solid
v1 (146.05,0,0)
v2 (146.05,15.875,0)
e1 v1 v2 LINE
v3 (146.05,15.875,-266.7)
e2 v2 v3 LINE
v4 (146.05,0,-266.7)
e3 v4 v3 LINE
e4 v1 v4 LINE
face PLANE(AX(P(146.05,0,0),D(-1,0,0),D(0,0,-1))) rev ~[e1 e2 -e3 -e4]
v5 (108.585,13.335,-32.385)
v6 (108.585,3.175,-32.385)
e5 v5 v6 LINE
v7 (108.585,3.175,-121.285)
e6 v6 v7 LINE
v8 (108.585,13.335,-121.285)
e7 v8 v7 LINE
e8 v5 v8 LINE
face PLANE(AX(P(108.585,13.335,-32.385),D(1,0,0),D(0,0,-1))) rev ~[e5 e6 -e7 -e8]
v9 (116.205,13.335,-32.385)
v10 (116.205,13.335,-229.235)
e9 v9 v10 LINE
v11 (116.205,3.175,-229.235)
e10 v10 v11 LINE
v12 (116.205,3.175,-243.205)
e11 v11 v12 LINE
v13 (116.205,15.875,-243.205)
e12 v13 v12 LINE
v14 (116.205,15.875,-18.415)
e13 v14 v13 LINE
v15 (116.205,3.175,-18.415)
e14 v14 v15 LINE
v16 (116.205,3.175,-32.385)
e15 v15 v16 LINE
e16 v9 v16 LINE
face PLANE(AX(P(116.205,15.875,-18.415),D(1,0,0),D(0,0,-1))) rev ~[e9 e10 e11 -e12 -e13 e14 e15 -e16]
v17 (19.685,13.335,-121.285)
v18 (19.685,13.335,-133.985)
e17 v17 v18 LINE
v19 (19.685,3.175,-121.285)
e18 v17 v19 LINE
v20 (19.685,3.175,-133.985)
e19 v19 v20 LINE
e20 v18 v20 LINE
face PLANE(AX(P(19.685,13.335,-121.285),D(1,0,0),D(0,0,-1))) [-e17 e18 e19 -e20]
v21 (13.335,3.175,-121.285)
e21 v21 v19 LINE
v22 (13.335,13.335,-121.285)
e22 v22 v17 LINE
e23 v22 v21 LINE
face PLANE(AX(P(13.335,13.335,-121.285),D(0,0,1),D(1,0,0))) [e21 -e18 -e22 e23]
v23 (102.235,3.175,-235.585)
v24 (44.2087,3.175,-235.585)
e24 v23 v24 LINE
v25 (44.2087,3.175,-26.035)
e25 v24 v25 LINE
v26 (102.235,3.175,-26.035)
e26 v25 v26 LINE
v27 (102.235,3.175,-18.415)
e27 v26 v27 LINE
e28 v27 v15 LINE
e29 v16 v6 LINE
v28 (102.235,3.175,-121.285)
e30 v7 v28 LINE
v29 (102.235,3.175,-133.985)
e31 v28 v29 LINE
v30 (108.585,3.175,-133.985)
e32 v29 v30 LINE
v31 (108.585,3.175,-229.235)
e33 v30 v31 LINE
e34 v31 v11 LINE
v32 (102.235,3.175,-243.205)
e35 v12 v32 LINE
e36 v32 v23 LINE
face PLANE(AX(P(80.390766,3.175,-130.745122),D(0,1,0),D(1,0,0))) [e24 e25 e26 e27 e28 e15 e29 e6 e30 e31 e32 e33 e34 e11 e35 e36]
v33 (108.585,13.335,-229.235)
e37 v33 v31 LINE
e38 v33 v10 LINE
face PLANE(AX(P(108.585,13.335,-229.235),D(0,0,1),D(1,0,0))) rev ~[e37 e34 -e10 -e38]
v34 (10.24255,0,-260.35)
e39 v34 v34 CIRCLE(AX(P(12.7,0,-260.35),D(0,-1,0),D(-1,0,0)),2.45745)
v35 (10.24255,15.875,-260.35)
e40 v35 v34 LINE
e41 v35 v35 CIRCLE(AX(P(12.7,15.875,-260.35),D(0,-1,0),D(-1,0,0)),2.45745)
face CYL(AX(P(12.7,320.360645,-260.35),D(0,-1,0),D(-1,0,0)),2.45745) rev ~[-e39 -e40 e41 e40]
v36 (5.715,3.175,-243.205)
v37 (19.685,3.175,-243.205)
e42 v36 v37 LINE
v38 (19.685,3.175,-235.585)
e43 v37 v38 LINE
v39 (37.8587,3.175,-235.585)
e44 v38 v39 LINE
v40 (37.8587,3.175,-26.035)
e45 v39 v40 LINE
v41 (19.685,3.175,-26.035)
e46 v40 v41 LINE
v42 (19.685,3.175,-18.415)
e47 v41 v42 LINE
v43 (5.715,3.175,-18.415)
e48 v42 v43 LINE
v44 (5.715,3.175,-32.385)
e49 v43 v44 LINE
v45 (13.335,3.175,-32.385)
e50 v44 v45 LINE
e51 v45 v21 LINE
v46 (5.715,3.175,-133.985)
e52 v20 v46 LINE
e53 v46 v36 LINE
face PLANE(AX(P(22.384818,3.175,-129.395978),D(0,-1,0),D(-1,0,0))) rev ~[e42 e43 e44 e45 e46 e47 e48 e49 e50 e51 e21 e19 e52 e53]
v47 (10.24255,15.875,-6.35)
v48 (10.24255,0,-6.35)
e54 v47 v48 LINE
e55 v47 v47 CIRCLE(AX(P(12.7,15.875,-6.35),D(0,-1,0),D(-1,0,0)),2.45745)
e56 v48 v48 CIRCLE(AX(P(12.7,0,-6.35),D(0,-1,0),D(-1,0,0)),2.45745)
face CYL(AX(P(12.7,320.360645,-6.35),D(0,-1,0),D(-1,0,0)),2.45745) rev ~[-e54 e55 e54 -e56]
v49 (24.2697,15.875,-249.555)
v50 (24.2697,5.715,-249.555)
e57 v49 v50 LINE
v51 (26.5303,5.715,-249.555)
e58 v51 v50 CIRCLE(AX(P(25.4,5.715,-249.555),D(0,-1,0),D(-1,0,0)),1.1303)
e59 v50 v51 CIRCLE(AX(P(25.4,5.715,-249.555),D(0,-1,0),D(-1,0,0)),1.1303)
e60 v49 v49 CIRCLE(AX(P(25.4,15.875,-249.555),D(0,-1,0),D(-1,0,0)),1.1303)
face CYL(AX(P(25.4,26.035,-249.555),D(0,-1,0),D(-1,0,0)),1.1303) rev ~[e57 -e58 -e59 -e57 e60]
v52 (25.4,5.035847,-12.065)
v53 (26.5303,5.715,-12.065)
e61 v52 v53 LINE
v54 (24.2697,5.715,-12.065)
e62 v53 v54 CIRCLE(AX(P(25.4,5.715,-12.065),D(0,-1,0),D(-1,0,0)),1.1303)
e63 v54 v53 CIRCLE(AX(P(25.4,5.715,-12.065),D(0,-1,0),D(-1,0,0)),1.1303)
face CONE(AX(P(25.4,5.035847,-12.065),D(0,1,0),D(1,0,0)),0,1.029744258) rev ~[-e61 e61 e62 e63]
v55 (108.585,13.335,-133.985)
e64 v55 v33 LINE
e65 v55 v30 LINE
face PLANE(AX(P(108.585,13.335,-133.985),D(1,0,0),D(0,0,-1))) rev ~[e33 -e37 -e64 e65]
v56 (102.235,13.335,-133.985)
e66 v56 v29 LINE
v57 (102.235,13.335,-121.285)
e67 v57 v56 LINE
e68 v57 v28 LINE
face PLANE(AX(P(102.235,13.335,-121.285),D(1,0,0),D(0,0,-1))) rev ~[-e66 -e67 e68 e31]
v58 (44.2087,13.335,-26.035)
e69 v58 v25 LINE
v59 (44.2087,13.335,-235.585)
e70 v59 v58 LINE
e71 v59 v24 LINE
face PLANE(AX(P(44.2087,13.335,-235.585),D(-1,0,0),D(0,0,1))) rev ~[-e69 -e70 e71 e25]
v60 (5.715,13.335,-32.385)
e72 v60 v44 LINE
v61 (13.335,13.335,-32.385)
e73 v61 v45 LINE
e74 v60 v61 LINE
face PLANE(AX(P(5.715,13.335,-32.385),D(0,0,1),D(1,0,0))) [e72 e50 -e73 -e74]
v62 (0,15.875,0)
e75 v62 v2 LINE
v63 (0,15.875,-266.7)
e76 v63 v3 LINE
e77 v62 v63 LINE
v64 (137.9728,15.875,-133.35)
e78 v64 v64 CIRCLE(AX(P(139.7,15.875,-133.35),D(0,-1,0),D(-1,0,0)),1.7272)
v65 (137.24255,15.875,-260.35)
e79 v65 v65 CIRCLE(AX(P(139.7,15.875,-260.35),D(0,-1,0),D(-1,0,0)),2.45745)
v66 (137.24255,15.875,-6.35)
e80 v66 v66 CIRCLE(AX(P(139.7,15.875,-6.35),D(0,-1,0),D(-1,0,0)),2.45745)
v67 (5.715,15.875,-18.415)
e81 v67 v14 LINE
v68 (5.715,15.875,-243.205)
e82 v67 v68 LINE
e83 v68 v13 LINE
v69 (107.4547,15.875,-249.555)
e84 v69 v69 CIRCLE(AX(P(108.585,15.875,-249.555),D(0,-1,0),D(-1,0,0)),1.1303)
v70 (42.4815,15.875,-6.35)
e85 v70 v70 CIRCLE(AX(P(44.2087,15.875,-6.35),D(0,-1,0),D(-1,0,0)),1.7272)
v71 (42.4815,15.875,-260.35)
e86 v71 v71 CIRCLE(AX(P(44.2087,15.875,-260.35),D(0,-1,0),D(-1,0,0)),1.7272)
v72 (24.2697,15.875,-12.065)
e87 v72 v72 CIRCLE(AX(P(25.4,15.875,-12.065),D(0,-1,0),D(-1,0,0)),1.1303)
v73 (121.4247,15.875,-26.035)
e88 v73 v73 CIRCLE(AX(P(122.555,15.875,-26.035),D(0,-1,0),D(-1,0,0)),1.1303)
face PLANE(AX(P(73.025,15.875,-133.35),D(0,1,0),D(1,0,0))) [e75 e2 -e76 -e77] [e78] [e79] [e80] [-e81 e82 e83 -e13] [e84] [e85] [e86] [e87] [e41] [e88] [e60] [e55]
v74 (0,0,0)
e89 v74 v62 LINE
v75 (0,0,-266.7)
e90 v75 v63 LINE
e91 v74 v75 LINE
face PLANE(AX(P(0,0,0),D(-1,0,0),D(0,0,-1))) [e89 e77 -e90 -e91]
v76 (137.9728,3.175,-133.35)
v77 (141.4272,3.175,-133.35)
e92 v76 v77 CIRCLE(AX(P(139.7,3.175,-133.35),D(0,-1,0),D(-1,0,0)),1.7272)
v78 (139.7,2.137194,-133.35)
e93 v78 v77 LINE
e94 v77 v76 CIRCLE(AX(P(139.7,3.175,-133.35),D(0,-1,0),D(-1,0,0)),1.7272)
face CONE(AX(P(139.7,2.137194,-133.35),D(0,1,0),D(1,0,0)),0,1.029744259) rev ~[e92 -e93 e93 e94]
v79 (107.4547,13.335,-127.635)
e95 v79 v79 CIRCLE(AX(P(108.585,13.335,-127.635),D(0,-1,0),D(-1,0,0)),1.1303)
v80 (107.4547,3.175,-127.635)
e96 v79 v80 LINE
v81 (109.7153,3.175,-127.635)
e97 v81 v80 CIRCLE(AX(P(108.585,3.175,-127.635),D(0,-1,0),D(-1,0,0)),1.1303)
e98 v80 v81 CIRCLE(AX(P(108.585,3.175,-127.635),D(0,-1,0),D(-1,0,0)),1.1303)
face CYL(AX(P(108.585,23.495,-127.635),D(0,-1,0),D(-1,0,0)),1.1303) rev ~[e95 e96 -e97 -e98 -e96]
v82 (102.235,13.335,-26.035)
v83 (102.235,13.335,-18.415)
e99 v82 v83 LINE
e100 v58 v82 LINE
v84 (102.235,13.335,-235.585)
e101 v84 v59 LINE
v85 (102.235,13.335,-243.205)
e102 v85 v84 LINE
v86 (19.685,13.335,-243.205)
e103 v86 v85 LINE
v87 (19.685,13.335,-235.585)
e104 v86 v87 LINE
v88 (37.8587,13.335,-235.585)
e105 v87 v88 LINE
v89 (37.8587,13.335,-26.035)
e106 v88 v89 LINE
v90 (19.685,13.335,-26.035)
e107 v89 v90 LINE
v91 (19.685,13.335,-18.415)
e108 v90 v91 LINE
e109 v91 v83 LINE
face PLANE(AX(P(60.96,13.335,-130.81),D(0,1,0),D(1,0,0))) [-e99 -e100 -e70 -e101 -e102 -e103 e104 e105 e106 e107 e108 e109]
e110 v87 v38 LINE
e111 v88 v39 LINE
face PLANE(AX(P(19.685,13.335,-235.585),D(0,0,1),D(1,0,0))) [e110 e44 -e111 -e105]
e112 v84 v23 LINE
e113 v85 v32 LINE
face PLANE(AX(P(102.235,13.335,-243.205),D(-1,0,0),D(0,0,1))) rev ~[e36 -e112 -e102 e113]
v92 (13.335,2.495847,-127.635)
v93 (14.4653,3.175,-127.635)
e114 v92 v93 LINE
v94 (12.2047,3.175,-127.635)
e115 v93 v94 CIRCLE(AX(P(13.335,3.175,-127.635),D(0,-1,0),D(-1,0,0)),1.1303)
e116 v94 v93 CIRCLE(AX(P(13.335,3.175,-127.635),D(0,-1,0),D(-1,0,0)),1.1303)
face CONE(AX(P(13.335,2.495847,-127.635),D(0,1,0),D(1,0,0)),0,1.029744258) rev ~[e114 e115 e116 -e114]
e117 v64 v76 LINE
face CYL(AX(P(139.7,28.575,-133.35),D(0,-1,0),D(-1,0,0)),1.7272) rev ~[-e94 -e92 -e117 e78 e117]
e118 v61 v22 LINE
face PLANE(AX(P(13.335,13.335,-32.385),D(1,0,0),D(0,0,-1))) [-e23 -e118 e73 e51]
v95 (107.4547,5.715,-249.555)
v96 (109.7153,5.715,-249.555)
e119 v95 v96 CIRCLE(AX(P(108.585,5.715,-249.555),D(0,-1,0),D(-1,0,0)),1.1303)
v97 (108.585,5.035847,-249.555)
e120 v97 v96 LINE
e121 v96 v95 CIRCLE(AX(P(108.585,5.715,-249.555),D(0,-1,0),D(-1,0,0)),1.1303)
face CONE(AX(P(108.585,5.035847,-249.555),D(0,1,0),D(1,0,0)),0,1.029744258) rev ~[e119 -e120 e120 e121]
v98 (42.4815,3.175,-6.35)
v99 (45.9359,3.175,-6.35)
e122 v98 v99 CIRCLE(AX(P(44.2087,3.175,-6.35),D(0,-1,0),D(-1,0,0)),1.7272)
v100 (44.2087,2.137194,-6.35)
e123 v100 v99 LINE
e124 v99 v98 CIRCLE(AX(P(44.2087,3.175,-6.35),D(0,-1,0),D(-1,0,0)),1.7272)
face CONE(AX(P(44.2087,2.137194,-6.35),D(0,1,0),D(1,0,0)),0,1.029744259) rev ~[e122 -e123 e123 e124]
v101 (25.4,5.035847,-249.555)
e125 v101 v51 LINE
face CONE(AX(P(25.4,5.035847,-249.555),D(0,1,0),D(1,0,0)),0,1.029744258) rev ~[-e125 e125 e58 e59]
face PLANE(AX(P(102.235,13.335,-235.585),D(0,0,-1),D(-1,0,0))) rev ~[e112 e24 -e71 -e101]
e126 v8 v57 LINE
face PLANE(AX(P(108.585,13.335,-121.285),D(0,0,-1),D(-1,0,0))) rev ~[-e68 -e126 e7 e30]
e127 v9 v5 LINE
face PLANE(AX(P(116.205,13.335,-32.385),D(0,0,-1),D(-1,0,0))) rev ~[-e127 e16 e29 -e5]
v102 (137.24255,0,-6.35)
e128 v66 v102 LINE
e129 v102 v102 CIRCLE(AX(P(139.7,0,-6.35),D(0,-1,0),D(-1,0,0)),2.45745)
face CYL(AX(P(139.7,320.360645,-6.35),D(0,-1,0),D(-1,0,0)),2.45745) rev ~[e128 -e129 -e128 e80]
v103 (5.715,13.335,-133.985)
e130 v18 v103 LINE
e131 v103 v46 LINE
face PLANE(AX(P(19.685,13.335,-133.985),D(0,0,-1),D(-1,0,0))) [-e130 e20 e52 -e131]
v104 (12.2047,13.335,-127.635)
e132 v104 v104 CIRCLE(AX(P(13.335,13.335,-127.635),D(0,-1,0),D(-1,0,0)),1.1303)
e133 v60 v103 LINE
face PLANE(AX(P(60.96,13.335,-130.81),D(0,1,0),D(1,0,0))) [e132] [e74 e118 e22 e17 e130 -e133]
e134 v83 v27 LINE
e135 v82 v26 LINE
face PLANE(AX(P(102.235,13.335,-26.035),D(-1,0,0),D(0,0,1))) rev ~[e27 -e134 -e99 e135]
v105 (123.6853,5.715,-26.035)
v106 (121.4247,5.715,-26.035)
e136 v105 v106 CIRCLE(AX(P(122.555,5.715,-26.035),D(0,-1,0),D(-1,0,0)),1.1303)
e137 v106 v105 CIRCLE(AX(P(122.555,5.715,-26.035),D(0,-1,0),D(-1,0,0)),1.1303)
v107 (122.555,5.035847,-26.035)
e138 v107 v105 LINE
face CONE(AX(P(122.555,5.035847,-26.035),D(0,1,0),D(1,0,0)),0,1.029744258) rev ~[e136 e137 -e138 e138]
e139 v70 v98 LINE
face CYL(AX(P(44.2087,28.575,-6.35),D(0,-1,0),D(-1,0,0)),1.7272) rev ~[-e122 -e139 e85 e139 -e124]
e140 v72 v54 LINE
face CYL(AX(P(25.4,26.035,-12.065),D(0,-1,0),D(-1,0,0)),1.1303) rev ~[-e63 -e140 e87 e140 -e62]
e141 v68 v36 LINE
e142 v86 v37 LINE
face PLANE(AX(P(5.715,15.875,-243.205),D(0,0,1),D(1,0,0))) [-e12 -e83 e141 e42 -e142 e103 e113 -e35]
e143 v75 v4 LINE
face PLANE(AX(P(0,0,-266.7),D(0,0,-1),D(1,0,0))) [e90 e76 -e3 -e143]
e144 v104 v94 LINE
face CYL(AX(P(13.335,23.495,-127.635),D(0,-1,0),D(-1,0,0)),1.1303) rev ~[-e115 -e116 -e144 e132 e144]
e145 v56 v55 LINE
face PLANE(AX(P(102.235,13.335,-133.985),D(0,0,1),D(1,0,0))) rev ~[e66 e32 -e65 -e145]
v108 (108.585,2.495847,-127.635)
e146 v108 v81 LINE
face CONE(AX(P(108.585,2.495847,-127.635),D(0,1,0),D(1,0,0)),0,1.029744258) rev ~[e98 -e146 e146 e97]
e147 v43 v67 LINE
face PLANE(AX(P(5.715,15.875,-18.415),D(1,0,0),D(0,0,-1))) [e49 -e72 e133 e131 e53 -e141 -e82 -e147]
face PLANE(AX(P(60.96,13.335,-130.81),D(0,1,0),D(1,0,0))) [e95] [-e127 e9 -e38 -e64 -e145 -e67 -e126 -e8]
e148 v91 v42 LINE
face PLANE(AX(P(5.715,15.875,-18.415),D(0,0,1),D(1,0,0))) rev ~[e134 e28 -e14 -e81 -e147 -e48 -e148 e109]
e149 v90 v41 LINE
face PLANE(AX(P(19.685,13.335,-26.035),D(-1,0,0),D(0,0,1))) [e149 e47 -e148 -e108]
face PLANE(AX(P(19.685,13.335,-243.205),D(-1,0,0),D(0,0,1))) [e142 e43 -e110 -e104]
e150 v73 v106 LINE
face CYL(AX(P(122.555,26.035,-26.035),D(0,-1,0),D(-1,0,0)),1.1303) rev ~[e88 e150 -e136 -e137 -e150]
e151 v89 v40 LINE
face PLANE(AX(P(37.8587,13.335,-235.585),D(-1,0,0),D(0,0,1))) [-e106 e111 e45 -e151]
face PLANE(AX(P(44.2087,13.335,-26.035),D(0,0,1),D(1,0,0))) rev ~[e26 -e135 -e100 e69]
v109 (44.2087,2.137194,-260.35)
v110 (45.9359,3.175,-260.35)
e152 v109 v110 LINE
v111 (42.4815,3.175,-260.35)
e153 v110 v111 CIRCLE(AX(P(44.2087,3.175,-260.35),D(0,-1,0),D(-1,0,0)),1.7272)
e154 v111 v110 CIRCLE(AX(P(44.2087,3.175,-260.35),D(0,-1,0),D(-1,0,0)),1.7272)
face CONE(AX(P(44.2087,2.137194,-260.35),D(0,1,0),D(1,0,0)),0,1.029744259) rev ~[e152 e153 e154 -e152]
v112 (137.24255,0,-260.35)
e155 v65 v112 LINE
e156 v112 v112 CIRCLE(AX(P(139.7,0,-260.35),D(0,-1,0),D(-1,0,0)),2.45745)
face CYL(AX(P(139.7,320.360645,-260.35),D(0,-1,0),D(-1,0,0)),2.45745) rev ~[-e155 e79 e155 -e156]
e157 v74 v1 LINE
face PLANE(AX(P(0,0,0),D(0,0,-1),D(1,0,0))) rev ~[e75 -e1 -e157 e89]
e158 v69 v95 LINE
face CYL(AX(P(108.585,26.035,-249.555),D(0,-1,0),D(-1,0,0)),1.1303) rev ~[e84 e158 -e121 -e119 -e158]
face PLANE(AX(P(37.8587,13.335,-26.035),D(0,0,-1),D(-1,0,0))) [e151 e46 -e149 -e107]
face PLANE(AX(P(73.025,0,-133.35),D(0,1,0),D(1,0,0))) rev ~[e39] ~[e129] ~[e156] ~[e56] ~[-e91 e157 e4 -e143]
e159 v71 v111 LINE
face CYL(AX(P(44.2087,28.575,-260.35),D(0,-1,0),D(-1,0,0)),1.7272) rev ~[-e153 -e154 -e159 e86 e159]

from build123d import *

# Parameters (mm, degrees)
SKETCH1_W                 = 146.05
SKETCH1_H                 = 266.7
BOSS_EXTRUDE1_DEPTH       = 15.875
SKETCH2_W                 = 110.49
SKETCH2_H                 = 224.79
CUT_EXTRUDE1_DEPTH        = 2.54
CUT_EXTRUDE2_DEPTH        = 10.16
F_4_40_TAPPED_HOLE1_D     = 2.2606
F_4_40_TAPPED_HOLE1_DEPTH = 10.16
F_4_40_TAPPED_HOLE1_TIP   = 0.679152758
F_8_CLEARANCE_HOLE1_D     = 4.9149
F_8_32_TAPPED_HOLE1_D     = 3.4544
F_8_32_TAPPED_HOLE1_DEPTH = 12.7
F_8_32_TAPPED_HOLE1_TIP   = 1.037806461
F_4_40_TAPPED_HOLE2_D     = 2.2606
F_4_40_TAPPED_HOLE2_DEPTH = 10.16
F_4_40_TAPPED_HOLE2_TIP   = 0.679152758


with BuildPart() as part:
    # Sketch1 → Boss-Extrude1 (new body)
    with BuildSketch(Plane(origin=(0, 0, 0), x_dir=(1, 0, 0), z_dir=(0, 1, 0))):
        with Locations((73.025, 133.35)):
            Rectangle(SKETCH1_W, SKETCH1_H)
    extrude(amount=BOSS_EXTRUDE1_DEPTH)

    # Sketch2 → Cut-Extrude1 (cut)
    with BuildSketch(Plane(origin=(0, 15.875, 0), x_dir=(1, 0, 0), z_dir=(0, 1, 0))):
        with Locations((60.96, 130.81)):
            Rectangle(SKETCH2_W, SKETCH2_H)
    extrude(amount=-CUT_EXTRUDE1_DEPTH, mode=Mode.SUBTRACT)

    # Sketch3 → Cut-Extrude2 (cut)
    with BuildSketch(Plane(origin=(0, 13.335, 0), x_dir=(1, 0, 0), z_dir=(0, 1, 0))):
        Polygon((19.685, 26.035), (19.685, 18.415), (5.715, 18.415), (5.715, 32.385), (13.335, 32.385), (13.335, 121.285), (19.685, 121.285), (19.685, 133.985), (5.715, 133.985), (5.715, 243.205), (19.685, 243.205), (19.685, 235.585), (37.8587, 235.585), (37.8587, 26.035), align=None)
        Polygon((44.2087, 26.035), (102.235, 26.035), (102.235, 18.415), (116.205, 18.415), (116.205, 32.385), (108.585, 32.385), (108.585, 121.285), (102.235, 121.285), (102.235, 133.985), (108.585, 133.985), (108.585, 229.235), (116.205, 229.235), (116.205, 243.205), (102.235, 243.205), (102.235, 235.585), (44.2087, 235.585), align=None)
    extrude(amount=-CUT_EXTRUDE2_DEPTH, mode=Mode.SUBTRACT)

    # #4-40 Tapped Hole1
    with Locations(Plane(origin=(0, 13.335, 0), x_dir=(1, 0, 0), z_dir=(0, 1, 0))):
        with Locations((108.585, 127.635), (13.335, 127.635)):
            Hole(F_4_40_TAPPED_HOLE1_D / 2, depth=F_4_40_TAPPED_HOLE1_DEPTH)
            with Locations((0, 0, -(F_4_40_TAPPED_HOLE1_DEPTH + F_4_40_TAPPED_HOLE1_TIP / 2))):  # 118° drill point
                Cone(0, F_4_40_TAPPED_HOLE1_D / 2, F_4_40_TAPPED_HOLE1_TIP, mode=Mode.SUBTRACT)

    # #8 Clearance Hole1 (through all)
    with Locations(Plane(origin=(0, 15.875, 0), x_dir=(1, 0, 0), z_dir=(0, 1, 0))):
        with Locations((12.7, 6.35), (139.7, 6.35), (139.7, 260.35), (12.7, 260.35)):
            Hole(F_8_CLEARANCE_HOLE1_D / 2)

    # #8-32 Tapped Hole1
    with Locations(Plane(origin=(0, 15.875, 0), x_dir=(1, 0, 0), z_dir=(0, 1, 0))):
        with Locations((44.2087, 6.35), (44.2087, 260.35), (139.7, 133.35)):
            Hole(F_8_32_TAPPED_HOLE1_D / 2, depth=F_8_32_TAPPED_HOLE1_DEPTH)
            with Locations((0, 0, -(F_8_32_TAPPED_HOLE1_DEPTH + F_8_32_TAPPED_HOLE1_TIP / 2))):  # 118° drill point
                Cone(0, F_8_32_TAPPED_HOLE1_D / 2, F_8_32_TAPPED_HOLE1_TIP, mode=Mode.SUBTRACT)

    # #4-40 Tapped Hole2
    with Locations(Plane(origin=(0, 15.875, 0), x_dir=(1, 0, 0), z_dir=(0, 1, 0))):
        with Locations((108.585, 249.555), (122.555, 26.035), (25.4, 249.555), (25.4, 12.065)):
            Hole(F_4_40_TAPPED_HOLE2_D / 2, depth=F_4_40_TAPPED_HOLE2_DEPTH)
            with Locations((0, 0, -(F_4_40_TAPPED_HOLE2_DEPTH + F_4_40_TAPPED_HOLE2_TIP / 2))):  # 118° drill point
                Cone(0, F_4_40_TAPPED_HOLE2_D / 2, F_4_40_TAPPED_HOLE2_TIP, mode=Mode.SUBTRACT)


solid = part.part
